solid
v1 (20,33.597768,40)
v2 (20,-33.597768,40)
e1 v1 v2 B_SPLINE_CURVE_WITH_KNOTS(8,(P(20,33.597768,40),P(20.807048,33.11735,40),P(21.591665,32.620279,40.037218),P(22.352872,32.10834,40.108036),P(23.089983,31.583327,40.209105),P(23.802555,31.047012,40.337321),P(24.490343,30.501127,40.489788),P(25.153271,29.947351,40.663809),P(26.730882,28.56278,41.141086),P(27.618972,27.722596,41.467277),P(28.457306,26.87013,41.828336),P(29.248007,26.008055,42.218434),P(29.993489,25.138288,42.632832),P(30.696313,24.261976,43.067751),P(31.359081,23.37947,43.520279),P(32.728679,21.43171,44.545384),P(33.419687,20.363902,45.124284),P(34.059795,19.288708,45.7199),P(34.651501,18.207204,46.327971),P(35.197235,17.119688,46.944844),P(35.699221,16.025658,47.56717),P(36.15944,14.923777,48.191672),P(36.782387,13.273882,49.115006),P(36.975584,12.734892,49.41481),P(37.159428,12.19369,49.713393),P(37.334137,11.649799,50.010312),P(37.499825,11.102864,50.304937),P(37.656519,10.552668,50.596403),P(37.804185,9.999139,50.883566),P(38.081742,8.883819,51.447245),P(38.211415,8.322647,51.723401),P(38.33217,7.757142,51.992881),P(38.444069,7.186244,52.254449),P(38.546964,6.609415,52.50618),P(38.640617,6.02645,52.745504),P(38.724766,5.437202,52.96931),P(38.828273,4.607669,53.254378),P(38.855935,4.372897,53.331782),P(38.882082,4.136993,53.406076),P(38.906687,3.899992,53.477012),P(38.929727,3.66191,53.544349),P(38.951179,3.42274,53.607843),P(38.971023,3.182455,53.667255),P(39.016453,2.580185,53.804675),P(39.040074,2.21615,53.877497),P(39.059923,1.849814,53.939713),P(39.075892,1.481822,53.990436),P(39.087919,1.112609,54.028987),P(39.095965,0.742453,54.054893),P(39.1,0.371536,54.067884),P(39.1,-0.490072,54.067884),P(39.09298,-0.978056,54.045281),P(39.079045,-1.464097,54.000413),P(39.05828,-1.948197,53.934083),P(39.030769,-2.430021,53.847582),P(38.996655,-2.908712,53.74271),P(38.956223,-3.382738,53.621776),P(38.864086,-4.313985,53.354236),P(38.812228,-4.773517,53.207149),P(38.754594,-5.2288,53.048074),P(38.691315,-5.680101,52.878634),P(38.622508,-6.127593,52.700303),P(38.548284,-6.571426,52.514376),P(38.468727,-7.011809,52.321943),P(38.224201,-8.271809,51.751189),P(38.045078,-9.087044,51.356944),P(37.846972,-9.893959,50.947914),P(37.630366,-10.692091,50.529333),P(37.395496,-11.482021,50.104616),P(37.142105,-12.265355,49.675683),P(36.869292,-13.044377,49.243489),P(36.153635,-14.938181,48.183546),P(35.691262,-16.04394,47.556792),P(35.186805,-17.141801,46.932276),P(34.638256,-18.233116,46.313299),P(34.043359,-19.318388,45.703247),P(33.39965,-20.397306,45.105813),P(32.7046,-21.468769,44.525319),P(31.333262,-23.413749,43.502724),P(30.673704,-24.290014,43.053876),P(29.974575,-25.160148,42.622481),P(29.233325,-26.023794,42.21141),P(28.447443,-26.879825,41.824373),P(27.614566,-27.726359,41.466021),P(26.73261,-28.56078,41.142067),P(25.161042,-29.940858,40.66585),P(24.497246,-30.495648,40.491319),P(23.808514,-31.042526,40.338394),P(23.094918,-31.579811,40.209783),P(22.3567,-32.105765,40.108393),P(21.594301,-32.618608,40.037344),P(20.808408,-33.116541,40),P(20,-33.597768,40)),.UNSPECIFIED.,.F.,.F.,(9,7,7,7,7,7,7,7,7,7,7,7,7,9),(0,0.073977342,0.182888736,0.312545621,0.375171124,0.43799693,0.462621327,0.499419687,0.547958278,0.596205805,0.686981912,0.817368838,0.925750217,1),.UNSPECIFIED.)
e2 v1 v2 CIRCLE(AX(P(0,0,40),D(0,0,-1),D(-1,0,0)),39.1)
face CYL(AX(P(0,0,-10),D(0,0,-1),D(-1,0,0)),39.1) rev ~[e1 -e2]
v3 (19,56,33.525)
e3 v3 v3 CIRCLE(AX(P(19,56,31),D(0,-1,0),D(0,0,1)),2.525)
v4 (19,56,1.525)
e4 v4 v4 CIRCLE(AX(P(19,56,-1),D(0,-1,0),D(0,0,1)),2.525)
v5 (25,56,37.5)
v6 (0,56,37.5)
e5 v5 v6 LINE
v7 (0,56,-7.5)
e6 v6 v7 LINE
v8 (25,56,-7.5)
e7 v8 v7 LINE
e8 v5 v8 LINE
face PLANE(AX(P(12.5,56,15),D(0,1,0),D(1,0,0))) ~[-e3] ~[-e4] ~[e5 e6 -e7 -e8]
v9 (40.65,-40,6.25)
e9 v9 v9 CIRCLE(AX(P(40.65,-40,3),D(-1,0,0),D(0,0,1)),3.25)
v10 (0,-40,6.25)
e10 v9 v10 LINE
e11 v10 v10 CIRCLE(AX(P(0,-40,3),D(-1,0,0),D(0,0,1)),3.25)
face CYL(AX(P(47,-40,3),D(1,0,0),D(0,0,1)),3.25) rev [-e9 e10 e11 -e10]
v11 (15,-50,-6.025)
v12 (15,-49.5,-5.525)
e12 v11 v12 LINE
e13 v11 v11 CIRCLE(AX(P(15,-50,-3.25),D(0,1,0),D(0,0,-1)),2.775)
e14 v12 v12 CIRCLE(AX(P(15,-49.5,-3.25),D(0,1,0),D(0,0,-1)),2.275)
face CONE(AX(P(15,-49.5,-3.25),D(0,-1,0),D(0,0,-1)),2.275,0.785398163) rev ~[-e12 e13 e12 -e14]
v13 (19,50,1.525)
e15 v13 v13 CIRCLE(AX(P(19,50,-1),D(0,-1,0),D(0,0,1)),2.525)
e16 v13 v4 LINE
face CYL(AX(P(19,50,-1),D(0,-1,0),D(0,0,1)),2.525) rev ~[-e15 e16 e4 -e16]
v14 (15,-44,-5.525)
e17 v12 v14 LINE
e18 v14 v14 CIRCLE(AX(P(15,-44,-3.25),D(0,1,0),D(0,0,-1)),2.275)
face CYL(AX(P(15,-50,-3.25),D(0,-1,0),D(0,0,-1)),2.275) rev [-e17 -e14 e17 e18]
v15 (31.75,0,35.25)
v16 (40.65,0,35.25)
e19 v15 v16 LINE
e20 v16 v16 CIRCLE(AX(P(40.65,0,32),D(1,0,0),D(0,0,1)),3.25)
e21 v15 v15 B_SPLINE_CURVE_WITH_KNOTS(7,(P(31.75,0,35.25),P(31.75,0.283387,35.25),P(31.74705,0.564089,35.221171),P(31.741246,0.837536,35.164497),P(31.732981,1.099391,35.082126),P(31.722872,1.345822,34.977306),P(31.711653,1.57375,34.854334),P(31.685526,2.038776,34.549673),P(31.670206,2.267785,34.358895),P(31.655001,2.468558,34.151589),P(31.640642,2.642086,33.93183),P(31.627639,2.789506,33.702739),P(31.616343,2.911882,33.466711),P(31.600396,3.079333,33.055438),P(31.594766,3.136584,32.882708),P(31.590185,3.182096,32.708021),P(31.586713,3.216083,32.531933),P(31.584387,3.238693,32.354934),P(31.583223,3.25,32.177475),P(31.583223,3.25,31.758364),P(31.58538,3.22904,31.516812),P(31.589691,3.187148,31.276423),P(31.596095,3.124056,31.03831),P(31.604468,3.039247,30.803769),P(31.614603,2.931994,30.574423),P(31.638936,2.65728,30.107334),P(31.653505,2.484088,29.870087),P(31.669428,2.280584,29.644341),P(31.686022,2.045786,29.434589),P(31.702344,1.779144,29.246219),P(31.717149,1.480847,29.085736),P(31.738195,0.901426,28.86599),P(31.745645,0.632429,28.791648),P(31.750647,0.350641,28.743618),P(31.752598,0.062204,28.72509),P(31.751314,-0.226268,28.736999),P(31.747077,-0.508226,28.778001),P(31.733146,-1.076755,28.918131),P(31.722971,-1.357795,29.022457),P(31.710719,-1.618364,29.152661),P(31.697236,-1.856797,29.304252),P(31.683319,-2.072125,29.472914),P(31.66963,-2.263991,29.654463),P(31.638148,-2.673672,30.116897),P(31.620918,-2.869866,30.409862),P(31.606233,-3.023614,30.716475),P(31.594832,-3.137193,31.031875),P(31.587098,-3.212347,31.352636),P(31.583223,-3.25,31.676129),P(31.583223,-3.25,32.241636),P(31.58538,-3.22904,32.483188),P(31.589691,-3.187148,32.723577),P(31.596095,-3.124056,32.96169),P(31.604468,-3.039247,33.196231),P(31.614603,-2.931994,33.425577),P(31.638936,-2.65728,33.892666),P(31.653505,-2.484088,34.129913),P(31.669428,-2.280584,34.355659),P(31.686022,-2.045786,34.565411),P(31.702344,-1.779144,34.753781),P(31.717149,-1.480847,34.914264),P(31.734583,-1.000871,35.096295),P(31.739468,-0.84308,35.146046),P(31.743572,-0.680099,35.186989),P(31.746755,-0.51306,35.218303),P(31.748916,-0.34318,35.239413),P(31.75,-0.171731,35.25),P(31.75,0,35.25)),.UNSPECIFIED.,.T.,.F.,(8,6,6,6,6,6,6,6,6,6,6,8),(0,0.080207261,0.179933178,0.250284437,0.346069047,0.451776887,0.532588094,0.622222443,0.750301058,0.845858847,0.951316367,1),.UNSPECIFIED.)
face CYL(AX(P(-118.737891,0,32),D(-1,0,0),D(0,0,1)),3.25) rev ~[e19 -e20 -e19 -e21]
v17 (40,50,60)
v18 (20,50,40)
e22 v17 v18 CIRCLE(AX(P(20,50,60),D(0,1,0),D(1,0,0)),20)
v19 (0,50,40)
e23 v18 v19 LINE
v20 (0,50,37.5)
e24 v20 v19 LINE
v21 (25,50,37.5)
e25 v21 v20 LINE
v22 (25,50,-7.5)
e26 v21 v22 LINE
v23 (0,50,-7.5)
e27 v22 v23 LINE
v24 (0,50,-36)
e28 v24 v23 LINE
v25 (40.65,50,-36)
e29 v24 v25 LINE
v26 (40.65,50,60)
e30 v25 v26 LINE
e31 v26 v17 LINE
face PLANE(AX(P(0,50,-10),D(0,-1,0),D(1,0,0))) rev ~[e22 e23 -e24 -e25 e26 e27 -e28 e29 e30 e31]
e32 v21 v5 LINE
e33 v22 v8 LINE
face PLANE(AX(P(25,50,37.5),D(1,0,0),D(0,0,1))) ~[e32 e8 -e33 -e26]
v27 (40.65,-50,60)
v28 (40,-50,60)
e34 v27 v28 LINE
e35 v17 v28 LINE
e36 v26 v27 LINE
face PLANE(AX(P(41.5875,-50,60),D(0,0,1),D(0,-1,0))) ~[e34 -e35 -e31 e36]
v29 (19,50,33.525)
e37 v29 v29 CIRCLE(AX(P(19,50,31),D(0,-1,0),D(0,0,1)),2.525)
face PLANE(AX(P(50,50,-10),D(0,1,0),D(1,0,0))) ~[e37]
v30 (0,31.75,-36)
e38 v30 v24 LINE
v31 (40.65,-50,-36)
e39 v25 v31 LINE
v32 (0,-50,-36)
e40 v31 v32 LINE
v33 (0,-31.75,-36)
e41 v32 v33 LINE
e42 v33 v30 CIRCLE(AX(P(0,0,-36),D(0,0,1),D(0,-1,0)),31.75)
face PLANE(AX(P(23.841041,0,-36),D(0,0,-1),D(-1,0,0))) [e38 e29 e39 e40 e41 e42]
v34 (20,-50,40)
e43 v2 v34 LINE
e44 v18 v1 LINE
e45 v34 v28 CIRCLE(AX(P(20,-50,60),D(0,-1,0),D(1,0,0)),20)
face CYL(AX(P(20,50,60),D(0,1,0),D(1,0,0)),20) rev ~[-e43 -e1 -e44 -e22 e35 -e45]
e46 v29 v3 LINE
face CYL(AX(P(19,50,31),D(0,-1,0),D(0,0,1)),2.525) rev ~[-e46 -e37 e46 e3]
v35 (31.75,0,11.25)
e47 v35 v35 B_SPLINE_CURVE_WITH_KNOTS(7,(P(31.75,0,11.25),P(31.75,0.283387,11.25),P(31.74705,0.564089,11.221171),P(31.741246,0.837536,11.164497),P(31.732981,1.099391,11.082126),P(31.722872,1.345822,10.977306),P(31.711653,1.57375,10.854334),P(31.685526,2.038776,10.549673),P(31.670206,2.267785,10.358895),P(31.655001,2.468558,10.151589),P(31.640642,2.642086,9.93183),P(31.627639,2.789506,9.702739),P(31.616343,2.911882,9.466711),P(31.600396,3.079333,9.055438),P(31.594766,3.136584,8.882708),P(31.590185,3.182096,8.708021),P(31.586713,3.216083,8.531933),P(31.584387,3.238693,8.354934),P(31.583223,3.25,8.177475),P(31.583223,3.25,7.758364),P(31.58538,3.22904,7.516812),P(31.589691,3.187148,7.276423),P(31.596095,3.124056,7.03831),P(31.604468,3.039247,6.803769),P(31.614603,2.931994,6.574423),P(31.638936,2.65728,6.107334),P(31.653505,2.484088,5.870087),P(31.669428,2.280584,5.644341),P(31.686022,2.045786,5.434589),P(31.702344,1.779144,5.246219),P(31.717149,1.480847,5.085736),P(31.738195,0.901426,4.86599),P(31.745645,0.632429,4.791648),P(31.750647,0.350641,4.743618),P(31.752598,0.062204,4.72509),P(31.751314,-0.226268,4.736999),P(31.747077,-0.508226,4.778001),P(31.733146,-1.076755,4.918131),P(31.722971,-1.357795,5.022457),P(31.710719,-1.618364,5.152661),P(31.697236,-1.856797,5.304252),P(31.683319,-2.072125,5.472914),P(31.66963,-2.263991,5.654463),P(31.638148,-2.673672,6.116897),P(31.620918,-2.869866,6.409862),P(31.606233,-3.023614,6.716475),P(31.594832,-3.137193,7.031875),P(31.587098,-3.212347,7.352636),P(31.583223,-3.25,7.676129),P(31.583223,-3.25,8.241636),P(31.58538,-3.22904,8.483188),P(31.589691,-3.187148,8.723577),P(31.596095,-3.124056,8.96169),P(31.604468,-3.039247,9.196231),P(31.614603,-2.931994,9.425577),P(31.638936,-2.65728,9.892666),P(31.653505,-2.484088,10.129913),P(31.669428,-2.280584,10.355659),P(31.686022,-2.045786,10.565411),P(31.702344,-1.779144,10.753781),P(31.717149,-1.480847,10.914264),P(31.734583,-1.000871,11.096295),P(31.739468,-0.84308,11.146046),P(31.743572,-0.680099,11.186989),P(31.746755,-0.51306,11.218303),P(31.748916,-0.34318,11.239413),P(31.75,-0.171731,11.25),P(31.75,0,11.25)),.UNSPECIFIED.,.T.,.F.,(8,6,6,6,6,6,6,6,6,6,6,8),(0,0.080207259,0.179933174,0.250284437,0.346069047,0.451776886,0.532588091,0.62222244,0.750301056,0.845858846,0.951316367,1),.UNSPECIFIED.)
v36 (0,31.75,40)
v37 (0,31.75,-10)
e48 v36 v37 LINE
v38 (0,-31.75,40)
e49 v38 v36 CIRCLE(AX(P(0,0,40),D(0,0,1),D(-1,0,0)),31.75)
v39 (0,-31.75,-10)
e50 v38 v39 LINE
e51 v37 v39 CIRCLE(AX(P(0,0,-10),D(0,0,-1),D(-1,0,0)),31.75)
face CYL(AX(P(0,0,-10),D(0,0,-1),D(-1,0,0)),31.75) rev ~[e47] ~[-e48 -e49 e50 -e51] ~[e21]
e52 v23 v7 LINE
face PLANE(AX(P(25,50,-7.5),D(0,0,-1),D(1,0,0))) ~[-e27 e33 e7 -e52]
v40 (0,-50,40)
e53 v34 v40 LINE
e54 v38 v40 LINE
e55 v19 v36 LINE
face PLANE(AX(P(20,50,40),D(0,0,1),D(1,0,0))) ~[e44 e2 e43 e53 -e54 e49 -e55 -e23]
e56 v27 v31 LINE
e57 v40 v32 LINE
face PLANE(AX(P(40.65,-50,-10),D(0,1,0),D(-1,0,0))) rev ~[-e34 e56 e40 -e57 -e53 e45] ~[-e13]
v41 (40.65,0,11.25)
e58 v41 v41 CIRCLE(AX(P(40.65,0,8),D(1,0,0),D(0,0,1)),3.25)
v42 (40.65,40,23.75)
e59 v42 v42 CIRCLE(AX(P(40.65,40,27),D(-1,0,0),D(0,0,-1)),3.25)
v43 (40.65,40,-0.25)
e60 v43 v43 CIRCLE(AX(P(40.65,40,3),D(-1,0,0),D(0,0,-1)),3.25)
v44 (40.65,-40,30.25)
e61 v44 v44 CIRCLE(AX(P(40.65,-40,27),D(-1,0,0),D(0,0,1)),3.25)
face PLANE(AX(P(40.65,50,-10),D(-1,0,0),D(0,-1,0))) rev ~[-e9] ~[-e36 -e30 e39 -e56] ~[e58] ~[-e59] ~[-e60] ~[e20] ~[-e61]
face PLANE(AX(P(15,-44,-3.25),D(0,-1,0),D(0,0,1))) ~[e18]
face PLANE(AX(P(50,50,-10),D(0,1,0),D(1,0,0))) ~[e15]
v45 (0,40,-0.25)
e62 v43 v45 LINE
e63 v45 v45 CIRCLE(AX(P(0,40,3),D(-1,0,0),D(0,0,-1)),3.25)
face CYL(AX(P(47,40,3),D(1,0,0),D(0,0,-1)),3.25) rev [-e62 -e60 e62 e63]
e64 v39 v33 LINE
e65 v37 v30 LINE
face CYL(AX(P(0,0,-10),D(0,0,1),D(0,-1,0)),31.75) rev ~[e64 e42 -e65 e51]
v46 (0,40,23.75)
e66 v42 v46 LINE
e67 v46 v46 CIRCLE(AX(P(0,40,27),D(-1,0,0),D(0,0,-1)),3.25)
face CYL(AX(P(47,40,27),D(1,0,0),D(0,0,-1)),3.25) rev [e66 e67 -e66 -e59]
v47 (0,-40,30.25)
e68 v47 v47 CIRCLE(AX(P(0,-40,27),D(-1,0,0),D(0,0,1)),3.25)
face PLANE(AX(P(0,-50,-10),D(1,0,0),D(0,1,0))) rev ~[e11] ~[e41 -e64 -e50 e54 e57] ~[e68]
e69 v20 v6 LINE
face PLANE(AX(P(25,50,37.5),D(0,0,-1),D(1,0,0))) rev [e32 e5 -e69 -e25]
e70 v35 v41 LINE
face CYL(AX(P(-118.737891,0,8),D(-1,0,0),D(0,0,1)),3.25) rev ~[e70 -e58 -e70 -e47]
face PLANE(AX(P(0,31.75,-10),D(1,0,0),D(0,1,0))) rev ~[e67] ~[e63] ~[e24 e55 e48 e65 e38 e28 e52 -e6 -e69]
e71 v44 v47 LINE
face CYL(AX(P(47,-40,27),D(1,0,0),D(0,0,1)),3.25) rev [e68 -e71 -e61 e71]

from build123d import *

# Parameters (mm, degrees)
CENTRE_HOLE_FOR_L2_DEPTH      = 40
CENTRE_HOLE_FOR_L2_DEPTH_BACK = 10
SKETCH1_R                     = 39.1
SKETCH1_R_2                   = 31.75
MAIN_STRUCTURE_DEPTH          = 60
MAIN_STRUCTURE_DEPTH_BACK     = 50
SKETCH2_W                     = 100
SKETCH2_H                     = 100
SKETCH2_R                     = 39.1
BEARING_CURVE_DEPTH           = 10
SKETCH6_R                     = 10.5
SHAFT_HOLE_DEPTH              = 10
WRIST_CUTOUT_DEPTH            = 188.082869339
SKETCH11_W                    = 25
SKETCH11_H                    = 45
SKETCH11_R                    = 2.525
BOSS_EXTRUDE1_DEPTH           = 6
CUT_EXTRUDE6_DEPTH            = 168.73789077
CUT_EXTRUDE6_DEPTH_BACK       = 168.73789077
SKETCH18_R                    = 3.25
CUT_EXTRUDE7_START            = -1.5875
CUT_EXTRUDE7_DEPTH            = 1.5875
SKETCH9_R                     = 12.05
BEARING_DEPTH                 = 5
CUT_EXTRUDE8_DEPTH            = 3
SKETCH21_R                    = 3.25
SKETCH21_R_2                  = 1.65
CUT_EXTRUDE9_DEPTH            = 167.868211501
CUT_EXTRUDE10_DEPTH           = 6.35
SKETCH23_R                    = 2.275
CUT_EXTRUDE11_DEPTH           = 6
CHAMFER1_SIZE                 = 0.5
BOSS_EXTRUDE2_DEPTH           = 26


with BuildPart() as part:
    # Sketch1 → Centre Hole for L2 (new, two sides: drawn at the far end of the back side and taken through both)
    with BuildSketch(Plane.XY.offset(-CENTRE_HOLE_FOR_L2_DEPTH_BACK)):
        Circle(SKETCH1_R)
        Circle(SKETCH1_R_2, mode=Mode.SUBTRACT)
    extrude(amount=CENTRE_HOLE_FOR_L2_DEPTH + CENTRE_HOLE_FOR_L2_DEPTH_BACK)

    # Sketch2 → Main Structure (add, two sides: drawn at the far end of the back side and taken through both)
    with BuildSketch(Plane.XY.offset(40).offset(-MAIN_STRUCTURE_DEPTH_BACK)):
        Rectangle(SKETCH2_W, SKETCH2_H)
        Circle(SKETCH2_R, mode=Mode.SUBTRACT)
    extrude(amount=MAIN_STRUCTURE_DEPTH + MAIN_STRUCTURE_DEPTH_BACK)

    # Sketch3 → Bearing Curve (add)
    with BuildSketch(Plane.ZY.offset(50)):
        with BuildLine():
            Line((100, 50), (100, -50))
            ThreePointArc((100, -50), (150, 0), (100, 50))
        make_face()
    bearing_curve = extrude(amount=-BEARING_CURVE_DEPTH)

    # Upright Mirror: Bearing Curve across plane
    add(bearing_curve.mirror(Plane(origin=(0, 0, 0), x_dir=(0, 0, 1), z_dir=(1, 0, 0))))

    # Sketch6 → Shaft Hole (cut)
    with BuildSketch(Plane.ZY.offset(50)):
        with Locations((100, 0)):
            Circle(SKETCH6_R)
    extrude(amount=-SHAFT_HOLE_DEPTH, mode=Mode.SUBTRACT)

    # Sketch4 → Wrist Cutout (cut, through all)
    with BuildSketch(Plane(origin=(0, 50, 0), x_dir=(1, 0, 0), z_dir=(0, 1, 0))):
        with BuildLine():
            Line((-40, -100), (-40, -60))
            ThreePointArc((-40, -60), (-34.142135624, -45.857864376), (-20, -40))
            Line((-20, -40), (20, -40))
            ThreePointArc((20, -40), (34.142135624, -45.857864376), (40, -60))
            Line((40, -60), (40, -100))
            Line((40, -100), (-40, -100))
        make_face()
    extrude(amount=-WRIST_CUTOUT_DEPTH, mode=Mode.SUBTRACT)

    # SurfaceCut1
    split(bisect_by=Plane.ZY, keep=Keep.TOP)

    # Sketch11 → Boss-Extrude1 (add)
    with BuildSketch(Plane(origin=(0, 50, 0), x_dir=(1, 0, 0), z_dir=(0, 1, 0))):
        with Locations((-12.5, -15)):
            Rectangle(SKETCH11_W, SKETCH11_H)
        with Locations(Location((-19, 1, 0), (0, 0, 270))):
            Circle(SKETCH11_R, mode=Mode.SUBTRACT)
        with Locations(Location((-19, -31, 0), (0, 0, 270))):
            Circle(SKETCH11_R, mode=Mode.SUBTRACT)
    extrude(amount=BOSS_EXTRUDE1_DEPTH)

    # Sketch18 → Cut-Extrude6 (cut, two sides: drawn at the far end of the back side and taken through both)
    with BuildSketch(Plane.ZY.offset(50).offset(-CUT_EXTRUDE6_DEPTH_BACK)):
        with Locations((8, 0)):
            Circle(SKETCH18_R)
        with Locations((32, 0)):
            Circle(SKETCH18_R)
    extrude(amount=CUT_EXTRUDE6_DEPTH + CUT_EXTRUDE6_DEPTH_BACK, mode=Mode.SUBTRACT)

    # Sketch19 → Cut-Extrude7 (cut)
    with BuildSketch(Plane(origin=(-40, 0, 0), x_dir=(0, 0, -1), z_dir=(1, 0, 0)).offset(CUT_EXTRUDE7_START)):
        with BuildLine():
            Line((-60, 50), (-100, 50))
            ThreePointArc((-100, 50), (-150, 0), (-100, -50))
            Line((-100, -50), (-60, -50))
            Line((-60, -50), (-60, 50))
        make_face()
    extrude(amount=CUT_EXTRUDE7_DEPTH, mode=Mode.SUBTRACT)

    # Sketch9 → Bearing (cut)
    with BuildSketch(Plane(origin=(-41.5875, 0, 0), x_dir=(0, 0, -1), z_dir=(1, 0, 0))):
        with Locations((-100, 0)):
            Circle(SKETCH9_R)
    extrude(amount=-BEARING_DEPTH, mode=Mode.SUBTRACT)

    # Sketch20 → Cut-Extrude8 (cut)
    with BuildSketch(Plane.ZY.offset(50)):
        with BuildLine():
            Line((-10, -50), (100, -50))
            ThreePointArc((100, -50), (150, 0), (100, 50))
            Line((100, 50), (-10, 50))
            Line((-10, 50), (-10, -50))
        make_face()
    extrude(amount=-CUT_EXTRUDE8_DEPTH, mode=Mode.SUBTRACT)

    # Sketch21 → Cut-Extrude9 (cut, through all)
    with BuildSketch(Plane.ZY.offset(47)):
        with Locations((3, -40)):
            Circle(SKETCH21_R)
        with Locations((27, -40)):
            Circle(SKETCH21_R)
        with Locations(Location((27, 40, 0), (0, 0, 180))):
            Circle(SKETCH21_R)
        with Locations(Location((3, 40, 0), (0, 0, 180))):
            Circle(SKETCH21_R)
        with Locations((125, 0)):
            Circle(SKETCH21_R_2)
    extrude(amount=-CUT_EXTRUDE9_DEPTH, mode=Mode.SUBTRACT)

    # Sketch22 → Cut-Extrude10 (cut)
    with BuildSketch(Plane.ZY.offset(47)):
        with BuildLine():
            Line((-10, 50), (-10, -50))
            Line((-10, -50), (100, -50))
            ThreePointArc((100, -50), (150, 0), (100, 50))
            Line((100, 50), (-10, 50))
        make_face()
    extrude(amount=-CUT_EXTRUDE10_DEPTH, mode=Mode.SUBTRACT)

    # Sketch23 → Cut-Extrude11 (cut)
    with BuildSketch(Plane(origin=(0, -50, 0), x_dir=(-1, 0, 0), z_dir=(0, -1, 0))):
        with Locations(Location((15, 3.25, 0), (0, 0, 90))):
            Circle(SKETCH23_R)
    extrude(amount=-CUT_EXTRUDE11_DEPTH, mode=Mode.SUBTRACT)

    # Chamfer1
    chamfer1_edges = [part.edges().sort_by_distance(p)[0] for p in [
        (-15, -50, -0.975),
    ]]
    chamfer(chamfer1_edges, length=CHAMFER1_SIZE)


with BuildPart() as body_2:
    # Mirror1: mirrored copy
    add(part.part.mirror(Plane.ZY))

    # Sketch24 → Boss-Extrude2 (add)
    with BuildSketch(Plane(origin=(0, 0, -10), x_dir=(-1, 0, 0), z_dir=(0, 0, -1))):
        with BuildLine():
            Line((-40.65, 50), (-40.65, -50))
            Line((-40.65, -50), (0, -50))
            Line((0, -50), (0, -31.75))
            ThreePointArc((0, -31.75), (-31.75, 0), (0, 31.75))
            Line((0, 31.75), (0, 50))
            Line((0, 50), (-40.65, 50))
        make_face()
    extrude(amount=BOSS_EXTRUDE2_DEPTH)


solid = body_2.part
